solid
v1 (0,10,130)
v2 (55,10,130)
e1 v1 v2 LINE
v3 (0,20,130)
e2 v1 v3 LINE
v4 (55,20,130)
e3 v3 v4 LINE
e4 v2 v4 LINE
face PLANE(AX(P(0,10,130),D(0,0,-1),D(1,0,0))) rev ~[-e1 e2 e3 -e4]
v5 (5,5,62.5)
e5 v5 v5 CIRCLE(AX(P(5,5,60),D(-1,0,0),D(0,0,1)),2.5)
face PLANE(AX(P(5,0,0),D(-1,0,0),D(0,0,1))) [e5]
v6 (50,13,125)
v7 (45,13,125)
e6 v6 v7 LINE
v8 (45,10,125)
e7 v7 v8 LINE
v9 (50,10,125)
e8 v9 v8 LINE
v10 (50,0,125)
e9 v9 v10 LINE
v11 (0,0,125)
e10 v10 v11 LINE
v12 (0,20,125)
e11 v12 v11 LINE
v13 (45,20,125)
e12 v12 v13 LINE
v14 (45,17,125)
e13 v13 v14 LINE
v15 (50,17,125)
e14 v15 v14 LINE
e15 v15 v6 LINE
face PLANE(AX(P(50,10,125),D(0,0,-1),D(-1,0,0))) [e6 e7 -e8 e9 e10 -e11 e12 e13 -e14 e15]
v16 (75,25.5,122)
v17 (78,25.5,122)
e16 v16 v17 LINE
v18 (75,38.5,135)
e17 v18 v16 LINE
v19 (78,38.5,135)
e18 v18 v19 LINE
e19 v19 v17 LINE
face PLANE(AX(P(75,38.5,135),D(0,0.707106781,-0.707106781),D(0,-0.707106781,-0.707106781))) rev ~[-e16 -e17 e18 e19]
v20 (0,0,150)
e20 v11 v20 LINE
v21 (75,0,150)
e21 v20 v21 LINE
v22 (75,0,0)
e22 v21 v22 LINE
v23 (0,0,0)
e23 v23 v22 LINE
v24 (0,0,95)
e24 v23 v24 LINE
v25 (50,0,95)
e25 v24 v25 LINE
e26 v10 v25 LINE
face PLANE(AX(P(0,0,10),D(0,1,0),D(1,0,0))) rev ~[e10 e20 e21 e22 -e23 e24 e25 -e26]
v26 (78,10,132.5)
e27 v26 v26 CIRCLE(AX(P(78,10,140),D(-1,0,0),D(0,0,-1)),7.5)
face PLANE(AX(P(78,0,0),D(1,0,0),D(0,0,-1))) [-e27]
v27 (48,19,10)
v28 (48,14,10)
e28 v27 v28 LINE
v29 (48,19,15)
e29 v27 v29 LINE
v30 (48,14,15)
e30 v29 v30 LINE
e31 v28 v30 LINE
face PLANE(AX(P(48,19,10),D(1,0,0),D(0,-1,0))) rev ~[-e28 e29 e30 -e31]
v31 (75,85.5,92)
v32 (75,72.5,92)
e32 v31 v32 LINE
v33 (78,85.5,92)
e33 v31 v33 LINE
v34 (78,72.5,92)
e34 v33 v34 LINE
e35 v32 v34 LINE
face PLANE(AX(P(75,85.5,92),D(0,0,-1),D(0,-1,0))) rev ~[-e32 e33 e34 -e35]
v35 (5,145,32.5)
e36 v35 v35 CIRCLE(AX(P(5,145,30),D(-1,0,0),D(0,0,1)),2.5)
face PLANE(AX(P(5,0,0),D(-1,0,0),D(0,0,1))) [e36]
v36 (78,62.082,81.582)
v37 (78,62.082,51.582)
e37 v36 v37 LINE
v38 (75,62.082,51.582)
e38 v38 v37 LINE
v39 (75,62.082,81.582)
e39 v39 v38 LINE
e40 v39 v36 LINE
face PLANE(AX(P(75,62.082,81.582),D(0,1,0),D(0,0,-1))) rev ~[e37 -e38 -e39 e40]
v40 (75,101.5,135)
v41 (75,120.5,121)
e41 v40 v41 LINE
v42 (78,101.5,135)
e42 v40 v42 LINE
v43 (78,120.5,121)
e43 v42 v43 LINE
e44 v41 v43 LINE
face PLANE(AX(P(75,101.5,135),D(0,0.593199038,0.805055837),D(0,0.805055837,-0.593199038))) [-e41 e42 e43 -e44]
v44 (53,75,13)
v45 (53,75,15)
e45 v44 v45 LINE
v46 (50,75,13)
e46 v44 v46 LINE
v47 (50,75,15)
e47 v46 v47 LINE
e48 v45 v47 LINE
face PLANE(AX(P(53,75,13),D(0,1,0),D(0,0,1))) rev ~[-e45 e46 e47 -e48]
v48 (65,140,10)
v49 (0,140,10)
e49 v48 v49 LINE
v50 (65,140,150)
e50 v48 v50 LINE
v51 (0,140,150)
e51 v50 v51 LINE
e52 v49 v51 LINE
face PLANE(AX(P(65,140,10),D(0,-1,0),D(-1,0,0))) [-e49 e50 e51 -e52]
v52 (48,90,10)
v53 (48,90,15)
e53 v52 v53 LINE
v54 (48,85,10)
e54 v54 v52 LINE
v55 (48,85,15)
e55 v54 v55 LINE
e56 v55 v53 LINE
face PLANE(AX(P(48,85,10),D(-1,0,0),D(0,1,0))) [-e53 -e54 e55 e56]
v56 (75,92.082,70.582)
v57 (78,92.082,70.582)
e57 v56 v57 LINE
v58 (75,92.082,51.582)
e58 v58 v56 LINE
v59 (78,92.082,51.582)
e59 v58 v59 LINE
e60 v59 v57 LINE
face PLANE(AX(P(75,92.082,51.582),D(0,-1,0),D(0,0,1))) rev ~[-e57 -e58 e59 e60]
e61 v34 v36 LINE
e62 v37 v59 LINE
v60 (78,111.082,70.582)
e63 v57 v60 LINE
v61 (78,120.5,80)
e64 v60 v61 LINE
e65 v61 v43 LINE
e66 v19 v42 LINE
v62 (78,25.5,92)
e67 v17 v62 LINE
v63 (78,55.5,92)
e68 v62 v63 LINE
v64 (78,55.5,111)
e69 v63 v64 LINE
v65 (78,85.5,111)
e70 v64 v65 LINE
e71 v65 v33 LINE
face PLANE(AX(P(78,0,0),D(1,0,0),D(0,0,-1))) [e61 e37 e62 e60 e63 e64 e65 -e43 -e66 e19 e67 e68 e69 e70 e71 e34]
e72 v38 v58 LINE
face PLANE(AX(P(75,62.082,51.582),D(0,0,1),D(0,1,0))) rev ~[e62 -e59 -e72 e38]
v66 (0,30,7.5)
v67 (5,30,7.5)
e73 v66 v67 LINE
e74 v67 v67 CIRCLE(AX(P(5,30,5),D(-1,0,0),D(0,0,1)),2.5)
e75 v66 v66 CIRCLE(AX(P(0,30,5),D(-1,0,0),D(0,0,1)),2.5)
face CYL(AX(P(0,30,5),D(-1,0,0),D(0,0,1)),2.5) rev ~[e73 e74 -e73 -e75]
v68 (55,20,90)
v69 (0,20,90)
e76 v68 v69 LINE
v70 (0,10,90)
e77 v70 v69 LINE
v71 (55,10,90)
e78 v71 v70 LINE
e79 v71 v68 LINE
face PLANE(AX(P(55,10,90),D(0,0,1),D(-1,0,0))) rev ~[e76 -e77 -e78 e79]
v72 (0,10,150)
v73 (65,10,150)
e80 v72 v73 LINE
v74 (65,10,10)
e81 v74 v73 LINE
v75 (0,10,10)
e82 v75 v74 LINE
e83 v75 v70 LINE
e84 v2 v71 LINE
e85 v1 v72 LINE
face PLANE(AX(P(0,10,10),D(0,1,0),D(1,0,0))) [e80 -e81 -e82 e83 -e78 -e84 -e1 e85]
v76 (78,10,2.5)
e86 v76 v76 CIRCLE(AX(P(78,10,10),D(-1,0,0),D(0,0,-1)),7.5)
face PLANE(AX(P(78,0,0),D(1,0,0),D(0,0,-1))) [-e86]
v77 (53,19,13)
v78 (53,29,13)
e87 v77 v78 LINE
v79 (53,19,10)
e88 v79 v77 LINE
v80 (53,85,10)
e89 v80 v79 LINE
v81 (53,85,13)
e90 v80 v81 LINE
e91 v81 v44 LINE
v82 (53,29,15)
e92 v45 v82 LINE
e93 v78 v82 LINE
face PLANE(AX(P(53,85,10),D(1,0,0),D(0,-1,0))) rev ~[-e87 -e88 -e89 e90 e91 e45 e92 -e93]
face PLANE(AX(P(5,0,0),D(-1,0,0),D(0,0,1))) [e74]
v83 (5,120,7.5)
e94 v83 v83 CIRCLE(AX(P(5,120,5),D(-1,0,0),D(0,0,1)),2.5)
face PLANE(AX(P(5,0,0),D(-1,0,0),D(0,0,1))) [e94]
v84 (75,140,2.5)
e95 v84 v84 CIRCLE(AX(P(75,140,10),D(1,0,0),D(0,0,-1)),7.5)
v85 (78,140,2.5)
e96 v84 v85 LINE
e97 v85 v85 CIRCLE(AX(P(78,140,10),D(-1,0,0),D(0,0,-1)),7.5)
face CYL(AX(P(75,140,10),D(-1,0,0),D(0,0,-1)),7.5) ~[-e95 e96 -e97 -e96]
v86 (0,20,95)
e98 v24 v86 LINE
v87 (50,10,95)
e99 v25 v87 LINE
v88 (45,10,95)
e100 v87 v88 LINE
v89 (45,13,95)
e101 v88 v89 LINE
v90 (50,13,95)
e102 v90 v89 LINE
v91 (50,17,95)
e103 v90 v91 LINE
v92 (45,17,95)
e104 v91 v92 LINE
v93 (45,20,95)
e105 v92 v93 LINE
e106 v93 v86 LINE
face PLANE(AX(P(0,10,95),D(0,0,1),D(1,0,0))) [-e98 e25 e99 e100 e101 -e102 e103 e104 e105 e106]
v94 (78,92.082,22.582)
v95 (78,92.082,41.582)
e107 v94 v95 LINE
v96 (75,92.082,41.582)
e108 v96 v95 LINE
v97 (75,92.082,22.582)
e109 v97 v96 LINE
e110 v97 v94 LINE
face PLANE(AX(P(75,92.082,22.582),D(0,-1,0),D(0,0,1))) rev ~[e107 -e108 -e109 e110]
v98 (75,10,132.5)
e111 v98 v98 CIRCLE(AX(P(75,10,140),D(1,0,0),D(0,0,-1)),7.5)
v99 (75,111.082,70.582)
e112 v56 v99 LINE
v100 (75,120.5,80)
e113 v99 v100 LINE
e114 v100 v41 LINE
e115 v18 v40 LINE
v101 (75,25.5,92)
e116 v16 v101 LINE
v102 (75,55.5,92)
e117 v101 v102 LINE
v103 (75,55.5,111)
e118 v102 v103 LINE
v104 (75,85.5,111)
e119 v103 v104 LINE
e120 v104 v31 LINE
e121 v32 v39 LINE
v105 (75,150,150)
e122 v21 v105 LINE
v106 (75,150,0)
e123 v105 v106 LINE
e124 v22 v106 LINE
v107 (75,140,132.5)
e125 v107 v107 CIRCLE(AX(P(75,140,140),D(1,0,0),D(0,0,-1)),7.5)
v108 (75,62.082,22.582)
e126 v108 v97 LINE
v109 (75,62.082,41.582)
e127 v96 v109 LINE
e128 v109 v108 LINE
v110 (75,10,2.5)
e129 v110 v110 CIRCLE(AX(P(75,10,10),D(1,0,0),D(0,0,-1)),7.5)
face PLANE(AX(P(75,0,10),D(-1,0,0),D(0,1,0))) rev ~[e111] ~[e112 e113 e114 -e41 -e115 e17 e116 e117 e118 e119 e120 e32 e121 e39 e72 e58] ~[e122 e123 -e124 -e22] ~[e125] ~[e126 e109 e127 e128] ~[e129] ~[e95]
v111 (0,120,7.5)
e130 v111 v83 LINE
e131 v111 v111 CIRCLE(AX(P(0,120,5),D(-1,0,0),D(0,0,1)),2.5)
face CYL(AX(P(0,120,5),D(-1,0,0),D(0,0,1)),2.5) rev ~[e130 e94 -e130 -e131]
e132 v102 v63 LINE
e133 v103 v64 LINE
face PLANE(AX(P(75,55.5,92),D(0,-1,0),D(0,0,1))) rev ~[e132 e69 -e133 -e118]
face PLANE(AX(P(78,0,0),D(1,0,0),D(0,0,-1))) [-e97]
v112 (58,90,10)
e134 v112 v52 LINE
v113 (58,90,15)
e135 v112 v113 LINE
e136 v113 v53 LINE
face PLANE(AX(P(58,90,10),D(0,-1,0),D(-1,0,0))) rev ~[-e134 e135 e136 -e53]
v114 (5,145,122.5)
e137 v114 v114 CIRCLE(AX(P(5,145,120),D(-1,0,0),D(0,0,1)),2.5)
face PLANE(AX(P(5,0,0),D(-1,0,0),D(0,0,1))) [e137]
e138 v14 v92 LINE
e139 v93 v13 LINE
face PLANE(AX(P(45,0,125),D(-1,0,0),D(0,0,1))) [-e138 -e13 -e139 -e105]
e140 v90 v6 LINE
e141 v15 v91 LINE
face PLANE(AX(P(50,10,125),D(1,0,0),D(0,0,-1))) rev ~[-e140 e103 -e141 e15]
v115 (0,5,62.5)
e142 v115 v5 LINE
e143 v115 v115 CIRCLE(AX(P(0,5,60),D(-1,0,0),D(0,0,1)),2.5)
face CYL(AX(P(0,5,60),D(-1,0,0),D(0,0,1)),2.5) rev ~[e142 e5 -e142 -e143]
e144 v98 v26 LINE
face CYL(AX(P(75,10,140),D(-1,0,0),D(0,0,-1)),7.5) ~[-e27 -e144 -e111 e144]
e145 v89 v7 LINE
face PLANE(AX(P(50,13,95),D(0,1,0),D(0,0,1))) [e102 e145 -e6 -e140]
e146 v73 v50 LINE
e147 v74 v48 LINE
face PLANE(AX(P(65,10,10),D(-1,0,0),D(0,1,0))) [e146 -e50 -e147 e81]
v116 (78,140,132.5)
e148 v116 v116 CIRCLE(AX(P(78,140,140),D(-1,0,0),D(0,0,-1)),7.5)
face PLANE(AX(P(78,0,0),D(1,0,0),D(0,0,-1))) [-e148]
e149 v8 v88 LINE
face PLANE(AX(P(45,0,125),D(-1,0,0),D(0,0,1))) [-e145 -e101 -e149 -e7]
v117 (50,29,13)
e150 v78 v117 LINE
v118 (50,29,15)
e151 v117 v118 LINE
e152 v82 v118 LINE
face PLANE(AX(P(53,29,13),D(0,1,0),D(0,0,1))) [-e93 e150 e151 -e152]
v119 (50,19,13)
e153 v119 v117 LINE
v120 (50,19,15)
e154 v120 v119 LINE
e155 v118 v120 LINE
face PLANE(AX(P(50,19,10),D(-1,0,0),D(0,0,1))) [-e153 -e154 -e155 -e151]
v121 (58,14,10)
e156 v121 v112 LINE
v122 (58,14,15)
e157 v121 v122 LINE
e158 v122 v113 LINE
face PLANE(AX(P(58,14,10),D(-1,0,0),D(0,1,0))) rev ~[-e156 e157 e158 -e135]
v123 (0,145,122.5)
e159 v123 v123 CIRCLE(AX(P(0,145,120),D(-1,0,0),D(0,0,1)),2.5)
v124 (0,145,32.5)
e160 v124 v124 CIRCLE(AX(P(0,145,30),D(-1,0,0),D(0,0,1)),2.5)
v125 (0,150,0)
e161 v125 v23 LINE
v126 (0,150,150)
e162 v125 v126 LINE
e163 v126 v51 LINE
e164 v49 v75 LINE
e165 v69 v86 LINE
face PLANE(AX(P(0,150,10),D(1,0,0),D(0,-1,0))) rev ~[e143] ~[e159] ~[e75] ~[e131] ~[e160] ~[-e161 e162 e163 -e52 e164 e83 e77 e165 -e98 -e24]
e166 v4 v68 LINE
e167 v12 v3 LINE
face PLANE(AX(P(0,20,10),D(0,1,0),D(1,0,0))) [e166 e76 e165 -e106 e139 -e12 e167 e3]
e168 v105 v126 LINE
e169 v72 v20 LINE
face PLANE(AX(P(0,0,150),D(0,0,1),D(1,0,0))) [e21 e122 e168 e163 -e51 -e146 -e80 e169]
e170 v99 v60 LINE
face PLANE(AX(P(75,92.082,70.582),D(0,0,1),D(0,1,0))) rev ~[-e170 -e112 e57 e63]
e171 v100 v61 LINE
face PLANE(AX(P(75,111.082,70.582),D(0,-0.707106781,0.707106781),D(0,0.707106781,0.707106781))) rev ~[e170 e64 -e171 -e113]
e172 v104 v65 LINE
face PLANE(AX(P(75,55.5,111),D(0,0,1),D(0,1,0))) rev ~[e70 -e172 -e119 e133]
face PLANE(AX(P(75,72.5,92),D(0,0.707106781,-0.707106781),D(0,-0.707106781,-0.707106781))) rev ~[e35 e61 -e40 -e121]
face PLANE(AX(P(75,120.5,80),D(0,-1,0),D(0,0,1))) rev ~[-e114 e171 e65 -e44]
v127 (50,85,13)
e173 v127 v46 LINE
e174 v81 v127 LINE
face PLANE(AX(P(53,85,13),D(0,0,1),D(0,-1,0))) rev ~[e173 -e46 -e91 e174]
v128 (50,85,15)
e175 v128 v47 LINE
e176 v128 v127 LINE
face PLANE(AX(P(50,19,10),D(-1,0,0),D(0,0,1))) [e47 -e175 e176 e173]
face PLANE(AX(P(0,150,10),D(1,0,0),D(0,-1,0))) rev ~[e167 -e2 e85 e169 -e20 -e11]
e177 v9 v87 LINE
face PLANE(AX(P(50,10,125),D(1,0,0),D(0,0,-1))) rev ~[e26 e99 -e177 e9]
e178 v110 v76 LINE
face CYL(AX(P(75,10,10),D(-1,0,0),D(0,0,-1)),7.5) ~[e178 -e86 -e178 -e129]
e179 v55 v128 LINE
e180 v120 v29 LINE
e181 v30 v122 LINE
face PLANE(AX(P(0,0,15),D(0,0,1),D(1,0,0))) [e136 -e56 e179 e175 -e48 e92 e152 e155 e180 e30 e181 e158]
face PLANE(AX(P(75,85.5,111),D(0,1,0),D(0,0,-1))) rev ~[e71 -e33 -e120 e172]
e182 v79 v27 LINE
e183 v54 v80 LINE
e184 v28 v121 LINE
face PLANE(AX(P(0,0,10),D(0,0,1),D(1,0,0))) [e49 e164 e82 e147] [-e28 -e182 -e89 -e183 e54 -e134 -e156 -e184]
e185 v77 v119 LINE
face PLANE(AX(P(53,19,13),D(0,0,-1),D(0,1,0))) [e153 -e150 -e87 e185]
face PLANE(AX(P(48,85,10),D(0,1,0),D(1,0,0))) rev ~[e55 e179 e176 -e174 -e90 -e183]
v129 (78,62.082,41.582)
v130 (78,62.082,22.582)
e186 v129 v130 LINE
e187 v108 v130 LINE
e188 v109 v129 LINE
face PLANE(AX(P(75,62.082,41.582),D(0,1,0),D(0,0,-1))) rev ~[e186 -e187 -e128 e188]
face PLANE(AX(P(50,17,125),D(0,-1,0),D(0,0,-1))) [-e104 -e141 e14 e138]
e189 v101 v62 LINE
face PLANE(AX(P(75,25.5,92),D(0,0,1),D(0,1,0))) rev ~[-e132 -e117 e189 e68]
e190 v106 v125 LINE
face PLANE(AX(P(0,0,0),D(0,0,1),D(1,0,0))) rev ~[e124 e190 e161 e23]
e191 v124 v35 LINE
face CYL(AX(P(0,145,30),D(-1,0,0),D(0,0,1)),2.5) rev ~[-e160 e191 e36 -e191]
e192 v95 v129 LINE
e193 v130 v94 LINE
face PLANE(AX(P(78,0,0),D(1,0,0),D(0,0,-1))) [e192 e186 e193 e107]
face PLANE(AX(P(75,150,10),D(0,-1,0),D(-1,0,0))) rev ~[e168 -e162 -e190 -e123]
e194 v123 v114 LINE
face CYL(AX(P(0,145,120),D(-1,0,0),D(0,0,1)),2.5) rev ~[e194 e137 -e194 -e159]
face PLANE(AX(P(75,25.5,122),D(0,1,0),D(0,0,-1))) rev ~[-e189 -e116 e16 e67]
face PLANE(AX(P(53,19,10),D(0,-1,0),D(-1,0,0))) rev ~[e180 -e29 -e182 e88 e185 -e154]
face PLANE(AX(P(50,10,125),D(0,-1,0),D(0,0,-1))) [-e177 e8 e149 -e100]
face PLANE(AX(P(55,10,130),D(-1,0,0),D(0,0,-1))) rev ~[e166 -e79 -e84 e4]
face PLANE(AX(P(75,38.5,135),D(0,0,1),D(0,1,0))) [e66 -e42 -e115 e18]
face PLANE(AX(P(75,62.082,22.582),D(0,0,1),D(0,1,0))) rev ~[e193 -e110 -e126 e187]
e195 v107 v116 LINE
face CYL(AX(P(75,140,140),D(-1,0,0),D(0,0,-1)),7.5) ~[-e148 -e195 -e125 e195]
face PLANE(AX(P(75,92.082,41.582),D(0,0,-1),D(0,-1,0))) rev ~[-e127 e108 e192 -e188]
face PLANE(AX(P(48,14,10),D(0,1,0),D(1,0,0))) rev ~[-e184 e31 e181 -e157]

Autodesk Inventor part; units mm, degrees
ref_plane "YZ Plane" through (0, 0, 0) normal (1, 0, 0) x (0, 1, 0)
ref_plane "XZ Plane" through (0, 0, 0) normal (0, 1, 0) x (-1, 0, 0)
ref_plane "XY Plane" through (0, 0, 0) normal (0, 0, 1) x (1, 0, 0)
sketch "Sketch1" plane through (0, 0, 0) normal (0, 0, 1) x (1, 0, 0)
  line L0 (0, 0) -> (75, 0)
  line L1 (75, 0) -> (75, 150)
  line L2 (75, 150) -> (0, 150)
  line L3 (0, 150) -> (0, 0)
  dimension "d0" = 75
  dimension "d1" = 150
extrude "Extrusion1" add sketch "Sketch1" along normal blind 10
sketch "Sketch2" plane through (0, 0, 10) normal (0, 0, 1) x (1, 0, 0)
  line L0 (48, 85) -> (53, 85)
  line L1 (53, 85) -> (53, 19)
  line L2 (53, 19) -> (48, 19)
  line L3 (48, 19) -> (48, 14)
  line L4 (48, 14) -> (58, 14)
  line L5 (58, 14) -> (58, 90)
  line L6 (58, 90) -> (48, 90)
  line L7 (75, 150) -> (0, 150) projected
  line L8 (0, 150) -> (0, 0) projected
  line L9 (48, 85) -> (48, 90)
  dimension "d4" = 10
  dimension "d5" = 76
  dimension "d6" = 66
  dimension "d8" = 60
  dimension "d9" = 5
  dimension "d10" = 10
  dimension "d11" = 53
  dimension "d12" = 5
  dimension "d13" = 5
extrude "Extrusion2" add sketch "Sketch2" along normal blind 5
sketch "Sketch3" plane through (53, 19, 10) normal (-1, 0, 0) x (0, 0, 1)
  line L0 (5, 66) -> (5, 0) projected
  line L1 (5, 66) -> (3, 66)
  line L2 (3, 66) -> (3, 56)
  line L3 (3, 56) -> (5, 56)
  line L4 (5, 56) -> (5, 66)
  line L5 (5, 0) -> (5, -5) projected
  line L6 (5, 0) -> (3, 0)
  line L7 (3, 0) -> (3, 10)
  line L8 (3, 10) -> (5, 10)
  line L9 (5, 10) -> (5, 0)
  point P0 (-10, -19)
  point P1 (5, 10)
  point P2 (5, 56)
  dimension "d16" = 2
  dimension "d17" = 10
  dimension "d18" = 10
  dimension "d19" = 2
extrude "Extrusion3" add sketch "Sketch3" along normal blind 3
sketch "Sketch4" plane through (0, 0, 10) normal (0, 0, 1) x (1, 0, 0)
  line L0 (0, 150) -> (0, 0) projected
  line L1 (0, 10) -> (65, 10)
  line L2 (65, 10) -> (65, 140)
  line L3 (65, 140) -> (0, 140)
  line L4 (75, 150) -> (0, 150) projected
  line L5 (75, 0) -> (75, 150) projected
  line L6 (0, 0) -> (75, 0) projected
  point P0 (0, 140)
  dimension "d22" = 10
  dimension "d24" = 10
  dimension "d25" = 10
extrude "Extrusion4" add sketch "Sketch4" along normal blind 140 contours L4 L5 L6 L0 L1 L2 L3
sketch "Sketch5" plane through (0, 10, 10) normal (0, 1, 0) x (1, 0, 0)
  line L0 (0, 10) -> (0, -140) projected
  line L1 (0, -115) -> (50, -115)
  line L2 (50, -115) -> (50, -85)
  line L3 (50, -85) -> (0, -85)
  line L4 (0, -115) -> (0, -120)
  line L5 (0, -120) -> (55, -120)
  line L6 (55, -120) -> (55, -80)
  line L7 (55, -80) -> (0, -80)
  line L8 (0, -85) -> (0, -80)
  line L9 (0, -140) -> (75, -140) projected
  dimension "d28" = 50
  dimension "d29" = 30
  dimension "d30" = 5
  dimension "d31" = 55
  dimension "d32" = 40
  dimension "d37" = 20
extrude "Extrusion5" add sketch "Sketch5" along normal blind 10 contours L7 L6 L5 L0 L1 L2 L3
sketch "Sketch6" plane through (0, 10, 95) normal (0, 1, 0) x (1, 0, 0)
  line L0 (50, -30) -> (50, 0) projected
  line L1 (0, 0) -> (0, -30) projected
  line L2 (50, -30) -> (0, -30)
  line L3 (0, -30) -> (0, 0)
  line L4 (0, 0) -> (50, 0)
  line L5 (50, 0) -> (50, -30)
  point P0 (0, 95)
  point P1 (0, -30)
extrude "Extrusion6" cut sketch "Sketch6" against normal blind 10
sketch "Sketch7" plane through (50, 0, 125) normal (-1, 0, 0) x (0, 0, 1)
  line L0 (-30, 0) -> (-30, 20) projected
  line L1 (0, 20) -> (0, 0) projected
  line L2 (-30, 20) -> (0, 20)
  line L3 (0, 20) -> (0, 17)
  line L4 (0, 17) -> (-30, 17)
  line L5 (-30, 17) -> (-30, 20)
  line L6 (0, 10) -> (-30, 10)
  line L7 (-30, 10) -> (-30, 13)
  line L8 (-30, 13) -> (0, 13)
  line L9 (0, 13) -> (0, 10)
  point P0 (-125, 0)
  point P1 (0, 13)
  point P2 (-30, 13)
  point P3 (0, 20)
  dimension "d38" = 3
  dimension "d39" = 3
extrude "Extrusion7" add sketch "Sketch7" along normal blind 5 contours L0 L8 L1 L6 | L0 L2 L1 L4
sketch "Sketch8" plane through (0, 0, 0) normal (-1, 0, 0) x (0, 0, 1)
  circle A0 centre (5, 120) radius 2.5
  circle A1 centre (5, 30) radius 2.5
  circle A2 centre (60, 5) radius 2.5
  circle A3 centre (120, 145) radius 2.5
  circle A4 centre (30, 145) radius 2.5
  line L0 (0, 0) -> (95, 0) projected
  line L1 (0, 150) -> (0, 0) projected
  line L2 (0, 150) -> (150, 150) projected
  line L3 (10, 140) -> (150, 140) projected
  line L4 (150, 150) -> (150, 140) projected
  dimension "d42" = 5
  dimension "d43" = 5
  dimension "d44" = 5
  dimension "d45" = 5
  dimension "d46" = 5
  dimension "d47" = 5
  dimension "d48" = 60
  dimension "d49" = 5
  dimension "d50" = 30
  dimension "d51" = 5
  dimension "d52" = 30
  dimension "d53" = 30
  dimension "d54" = 5
  dimension "d55" = 5
  dimension "d56" = 30
extrude "Extrusion8" cut sketch "Sketch8" against normal blind 5
sketch "Sketch9" plane through (75, 0, 0) normal (1, 0, 0) x (0, 0, -1)
  line L0 (-92, 25.5) -> (-92, 55.5)
  line L1 (-92, 55.5) -> (-111, 55.5)
  line L2 (-111, 55.5) -> (-111, 85.5)
  line L3 (-111, 85.5) -> (-92, 85.5)
  line L4 (-92, 85.5) -> (-92, 72.5)
  line L5 (-92, 72.5) -> (-81.582, 62.082)
  line L6 (-81.582, 62.082) -> (-51.582, 62.082)
  line L7 (-51.582, 62.082) -> (-51.582, 92.082)
  line L8 (-51.582, 92.082) -> (-70.582, 92.082)
  line L9 (-70.582, 92.082) -> (-70.582, 111.082)
  line L10 (-70.582, 111.082) -> (-80, 120.5)
  line L11 (-80, 120.5) -> (-121, 120.5)
  line L12 (-135, 38.5) -> (-122, 25.5)
  line L13 (-122, 25.5) -> (-92, 25.5)
  line L14 (-41.582, 62.082) -> (-22.582, 62.082)
  line L15 (-22.582, 62.082) -> (-22.582, 92.082)
  line L16 (-22.582, 92.082) -> (-41.582, 92.082)
  line L17 (-41.582, 92.082) -> (-41.582, 62.082)
  line L18 (-150, 0) -> (-150, 150) projected
  line L19 (0, 150) -> (-150, 150) projected
  line L20 (-135, 38.5) -> (-135, 101.5)
  line L21 (-135, 101.5) -> (-121, 120.5)
  line L22 (-10, 10) -> (-150, 10) projected
  circle A0 centre (-140, 10) radius 7.5
  line L23 (-10, 140) -> (-150, 140) projected
  circle A1 centre (-140, 140) radius 7.5
  line L24 (-10, 10) -> (-90, 10) projected
  circle A2 centre (-10, 10) radius 7.5
  line L25 (-10, 140) -> (-10, 10) projected
  circle A3 centre (-10, 140) radius 7.5
  line L26 (0, 0) -> (0, 150) projected
  point P0 (-100.5, 120.5)
  point P1 (-51.582, 77.082)
  point P2 (-135, 70)
  dimension "d59" = 30
  dimension "d60" = 19
  dimension "d61" = 30
  dimension "d62" = 19
  dimension "d63" = 13
  dimension "d64" = 30
  dimension "d65" = 30
  dimension "d66" = 19
  dimension "d67" = 19
  dimension "d68" = 41
  dimension "d69" = 30
  dimension "d76" = 13
  dimension "d80" = 19
  dimension "d81" = 10
  dimension "d85" = 95
  dimension "d86" = 63
  dimension "d87" = 80
  dimension "d88" = 15
  dimension "d89" = 15
  dimension "d90" = 15
  dimension "d91" = 15
  dimension "d92" = 15
  dimension "d93" = 10
  dimension "d94" = 10
  dimension "d95" = 10
extrude "Extrusion9" add sketch "Sketch9" along normal blind 3 contours L13 L12 L20 L21 L11 L10 L9 L8 L7 L6 L5 L4 L3 L2 L1 L0 | L17 L16 L15 L14 | A0 L22 | L22 A0 | A1 L23 | L23 A1 | A3 L25 L23 | L23 L25 A3 | A2 L25 L22 | L22 L25 A2
properties part number "vraagblok2"
